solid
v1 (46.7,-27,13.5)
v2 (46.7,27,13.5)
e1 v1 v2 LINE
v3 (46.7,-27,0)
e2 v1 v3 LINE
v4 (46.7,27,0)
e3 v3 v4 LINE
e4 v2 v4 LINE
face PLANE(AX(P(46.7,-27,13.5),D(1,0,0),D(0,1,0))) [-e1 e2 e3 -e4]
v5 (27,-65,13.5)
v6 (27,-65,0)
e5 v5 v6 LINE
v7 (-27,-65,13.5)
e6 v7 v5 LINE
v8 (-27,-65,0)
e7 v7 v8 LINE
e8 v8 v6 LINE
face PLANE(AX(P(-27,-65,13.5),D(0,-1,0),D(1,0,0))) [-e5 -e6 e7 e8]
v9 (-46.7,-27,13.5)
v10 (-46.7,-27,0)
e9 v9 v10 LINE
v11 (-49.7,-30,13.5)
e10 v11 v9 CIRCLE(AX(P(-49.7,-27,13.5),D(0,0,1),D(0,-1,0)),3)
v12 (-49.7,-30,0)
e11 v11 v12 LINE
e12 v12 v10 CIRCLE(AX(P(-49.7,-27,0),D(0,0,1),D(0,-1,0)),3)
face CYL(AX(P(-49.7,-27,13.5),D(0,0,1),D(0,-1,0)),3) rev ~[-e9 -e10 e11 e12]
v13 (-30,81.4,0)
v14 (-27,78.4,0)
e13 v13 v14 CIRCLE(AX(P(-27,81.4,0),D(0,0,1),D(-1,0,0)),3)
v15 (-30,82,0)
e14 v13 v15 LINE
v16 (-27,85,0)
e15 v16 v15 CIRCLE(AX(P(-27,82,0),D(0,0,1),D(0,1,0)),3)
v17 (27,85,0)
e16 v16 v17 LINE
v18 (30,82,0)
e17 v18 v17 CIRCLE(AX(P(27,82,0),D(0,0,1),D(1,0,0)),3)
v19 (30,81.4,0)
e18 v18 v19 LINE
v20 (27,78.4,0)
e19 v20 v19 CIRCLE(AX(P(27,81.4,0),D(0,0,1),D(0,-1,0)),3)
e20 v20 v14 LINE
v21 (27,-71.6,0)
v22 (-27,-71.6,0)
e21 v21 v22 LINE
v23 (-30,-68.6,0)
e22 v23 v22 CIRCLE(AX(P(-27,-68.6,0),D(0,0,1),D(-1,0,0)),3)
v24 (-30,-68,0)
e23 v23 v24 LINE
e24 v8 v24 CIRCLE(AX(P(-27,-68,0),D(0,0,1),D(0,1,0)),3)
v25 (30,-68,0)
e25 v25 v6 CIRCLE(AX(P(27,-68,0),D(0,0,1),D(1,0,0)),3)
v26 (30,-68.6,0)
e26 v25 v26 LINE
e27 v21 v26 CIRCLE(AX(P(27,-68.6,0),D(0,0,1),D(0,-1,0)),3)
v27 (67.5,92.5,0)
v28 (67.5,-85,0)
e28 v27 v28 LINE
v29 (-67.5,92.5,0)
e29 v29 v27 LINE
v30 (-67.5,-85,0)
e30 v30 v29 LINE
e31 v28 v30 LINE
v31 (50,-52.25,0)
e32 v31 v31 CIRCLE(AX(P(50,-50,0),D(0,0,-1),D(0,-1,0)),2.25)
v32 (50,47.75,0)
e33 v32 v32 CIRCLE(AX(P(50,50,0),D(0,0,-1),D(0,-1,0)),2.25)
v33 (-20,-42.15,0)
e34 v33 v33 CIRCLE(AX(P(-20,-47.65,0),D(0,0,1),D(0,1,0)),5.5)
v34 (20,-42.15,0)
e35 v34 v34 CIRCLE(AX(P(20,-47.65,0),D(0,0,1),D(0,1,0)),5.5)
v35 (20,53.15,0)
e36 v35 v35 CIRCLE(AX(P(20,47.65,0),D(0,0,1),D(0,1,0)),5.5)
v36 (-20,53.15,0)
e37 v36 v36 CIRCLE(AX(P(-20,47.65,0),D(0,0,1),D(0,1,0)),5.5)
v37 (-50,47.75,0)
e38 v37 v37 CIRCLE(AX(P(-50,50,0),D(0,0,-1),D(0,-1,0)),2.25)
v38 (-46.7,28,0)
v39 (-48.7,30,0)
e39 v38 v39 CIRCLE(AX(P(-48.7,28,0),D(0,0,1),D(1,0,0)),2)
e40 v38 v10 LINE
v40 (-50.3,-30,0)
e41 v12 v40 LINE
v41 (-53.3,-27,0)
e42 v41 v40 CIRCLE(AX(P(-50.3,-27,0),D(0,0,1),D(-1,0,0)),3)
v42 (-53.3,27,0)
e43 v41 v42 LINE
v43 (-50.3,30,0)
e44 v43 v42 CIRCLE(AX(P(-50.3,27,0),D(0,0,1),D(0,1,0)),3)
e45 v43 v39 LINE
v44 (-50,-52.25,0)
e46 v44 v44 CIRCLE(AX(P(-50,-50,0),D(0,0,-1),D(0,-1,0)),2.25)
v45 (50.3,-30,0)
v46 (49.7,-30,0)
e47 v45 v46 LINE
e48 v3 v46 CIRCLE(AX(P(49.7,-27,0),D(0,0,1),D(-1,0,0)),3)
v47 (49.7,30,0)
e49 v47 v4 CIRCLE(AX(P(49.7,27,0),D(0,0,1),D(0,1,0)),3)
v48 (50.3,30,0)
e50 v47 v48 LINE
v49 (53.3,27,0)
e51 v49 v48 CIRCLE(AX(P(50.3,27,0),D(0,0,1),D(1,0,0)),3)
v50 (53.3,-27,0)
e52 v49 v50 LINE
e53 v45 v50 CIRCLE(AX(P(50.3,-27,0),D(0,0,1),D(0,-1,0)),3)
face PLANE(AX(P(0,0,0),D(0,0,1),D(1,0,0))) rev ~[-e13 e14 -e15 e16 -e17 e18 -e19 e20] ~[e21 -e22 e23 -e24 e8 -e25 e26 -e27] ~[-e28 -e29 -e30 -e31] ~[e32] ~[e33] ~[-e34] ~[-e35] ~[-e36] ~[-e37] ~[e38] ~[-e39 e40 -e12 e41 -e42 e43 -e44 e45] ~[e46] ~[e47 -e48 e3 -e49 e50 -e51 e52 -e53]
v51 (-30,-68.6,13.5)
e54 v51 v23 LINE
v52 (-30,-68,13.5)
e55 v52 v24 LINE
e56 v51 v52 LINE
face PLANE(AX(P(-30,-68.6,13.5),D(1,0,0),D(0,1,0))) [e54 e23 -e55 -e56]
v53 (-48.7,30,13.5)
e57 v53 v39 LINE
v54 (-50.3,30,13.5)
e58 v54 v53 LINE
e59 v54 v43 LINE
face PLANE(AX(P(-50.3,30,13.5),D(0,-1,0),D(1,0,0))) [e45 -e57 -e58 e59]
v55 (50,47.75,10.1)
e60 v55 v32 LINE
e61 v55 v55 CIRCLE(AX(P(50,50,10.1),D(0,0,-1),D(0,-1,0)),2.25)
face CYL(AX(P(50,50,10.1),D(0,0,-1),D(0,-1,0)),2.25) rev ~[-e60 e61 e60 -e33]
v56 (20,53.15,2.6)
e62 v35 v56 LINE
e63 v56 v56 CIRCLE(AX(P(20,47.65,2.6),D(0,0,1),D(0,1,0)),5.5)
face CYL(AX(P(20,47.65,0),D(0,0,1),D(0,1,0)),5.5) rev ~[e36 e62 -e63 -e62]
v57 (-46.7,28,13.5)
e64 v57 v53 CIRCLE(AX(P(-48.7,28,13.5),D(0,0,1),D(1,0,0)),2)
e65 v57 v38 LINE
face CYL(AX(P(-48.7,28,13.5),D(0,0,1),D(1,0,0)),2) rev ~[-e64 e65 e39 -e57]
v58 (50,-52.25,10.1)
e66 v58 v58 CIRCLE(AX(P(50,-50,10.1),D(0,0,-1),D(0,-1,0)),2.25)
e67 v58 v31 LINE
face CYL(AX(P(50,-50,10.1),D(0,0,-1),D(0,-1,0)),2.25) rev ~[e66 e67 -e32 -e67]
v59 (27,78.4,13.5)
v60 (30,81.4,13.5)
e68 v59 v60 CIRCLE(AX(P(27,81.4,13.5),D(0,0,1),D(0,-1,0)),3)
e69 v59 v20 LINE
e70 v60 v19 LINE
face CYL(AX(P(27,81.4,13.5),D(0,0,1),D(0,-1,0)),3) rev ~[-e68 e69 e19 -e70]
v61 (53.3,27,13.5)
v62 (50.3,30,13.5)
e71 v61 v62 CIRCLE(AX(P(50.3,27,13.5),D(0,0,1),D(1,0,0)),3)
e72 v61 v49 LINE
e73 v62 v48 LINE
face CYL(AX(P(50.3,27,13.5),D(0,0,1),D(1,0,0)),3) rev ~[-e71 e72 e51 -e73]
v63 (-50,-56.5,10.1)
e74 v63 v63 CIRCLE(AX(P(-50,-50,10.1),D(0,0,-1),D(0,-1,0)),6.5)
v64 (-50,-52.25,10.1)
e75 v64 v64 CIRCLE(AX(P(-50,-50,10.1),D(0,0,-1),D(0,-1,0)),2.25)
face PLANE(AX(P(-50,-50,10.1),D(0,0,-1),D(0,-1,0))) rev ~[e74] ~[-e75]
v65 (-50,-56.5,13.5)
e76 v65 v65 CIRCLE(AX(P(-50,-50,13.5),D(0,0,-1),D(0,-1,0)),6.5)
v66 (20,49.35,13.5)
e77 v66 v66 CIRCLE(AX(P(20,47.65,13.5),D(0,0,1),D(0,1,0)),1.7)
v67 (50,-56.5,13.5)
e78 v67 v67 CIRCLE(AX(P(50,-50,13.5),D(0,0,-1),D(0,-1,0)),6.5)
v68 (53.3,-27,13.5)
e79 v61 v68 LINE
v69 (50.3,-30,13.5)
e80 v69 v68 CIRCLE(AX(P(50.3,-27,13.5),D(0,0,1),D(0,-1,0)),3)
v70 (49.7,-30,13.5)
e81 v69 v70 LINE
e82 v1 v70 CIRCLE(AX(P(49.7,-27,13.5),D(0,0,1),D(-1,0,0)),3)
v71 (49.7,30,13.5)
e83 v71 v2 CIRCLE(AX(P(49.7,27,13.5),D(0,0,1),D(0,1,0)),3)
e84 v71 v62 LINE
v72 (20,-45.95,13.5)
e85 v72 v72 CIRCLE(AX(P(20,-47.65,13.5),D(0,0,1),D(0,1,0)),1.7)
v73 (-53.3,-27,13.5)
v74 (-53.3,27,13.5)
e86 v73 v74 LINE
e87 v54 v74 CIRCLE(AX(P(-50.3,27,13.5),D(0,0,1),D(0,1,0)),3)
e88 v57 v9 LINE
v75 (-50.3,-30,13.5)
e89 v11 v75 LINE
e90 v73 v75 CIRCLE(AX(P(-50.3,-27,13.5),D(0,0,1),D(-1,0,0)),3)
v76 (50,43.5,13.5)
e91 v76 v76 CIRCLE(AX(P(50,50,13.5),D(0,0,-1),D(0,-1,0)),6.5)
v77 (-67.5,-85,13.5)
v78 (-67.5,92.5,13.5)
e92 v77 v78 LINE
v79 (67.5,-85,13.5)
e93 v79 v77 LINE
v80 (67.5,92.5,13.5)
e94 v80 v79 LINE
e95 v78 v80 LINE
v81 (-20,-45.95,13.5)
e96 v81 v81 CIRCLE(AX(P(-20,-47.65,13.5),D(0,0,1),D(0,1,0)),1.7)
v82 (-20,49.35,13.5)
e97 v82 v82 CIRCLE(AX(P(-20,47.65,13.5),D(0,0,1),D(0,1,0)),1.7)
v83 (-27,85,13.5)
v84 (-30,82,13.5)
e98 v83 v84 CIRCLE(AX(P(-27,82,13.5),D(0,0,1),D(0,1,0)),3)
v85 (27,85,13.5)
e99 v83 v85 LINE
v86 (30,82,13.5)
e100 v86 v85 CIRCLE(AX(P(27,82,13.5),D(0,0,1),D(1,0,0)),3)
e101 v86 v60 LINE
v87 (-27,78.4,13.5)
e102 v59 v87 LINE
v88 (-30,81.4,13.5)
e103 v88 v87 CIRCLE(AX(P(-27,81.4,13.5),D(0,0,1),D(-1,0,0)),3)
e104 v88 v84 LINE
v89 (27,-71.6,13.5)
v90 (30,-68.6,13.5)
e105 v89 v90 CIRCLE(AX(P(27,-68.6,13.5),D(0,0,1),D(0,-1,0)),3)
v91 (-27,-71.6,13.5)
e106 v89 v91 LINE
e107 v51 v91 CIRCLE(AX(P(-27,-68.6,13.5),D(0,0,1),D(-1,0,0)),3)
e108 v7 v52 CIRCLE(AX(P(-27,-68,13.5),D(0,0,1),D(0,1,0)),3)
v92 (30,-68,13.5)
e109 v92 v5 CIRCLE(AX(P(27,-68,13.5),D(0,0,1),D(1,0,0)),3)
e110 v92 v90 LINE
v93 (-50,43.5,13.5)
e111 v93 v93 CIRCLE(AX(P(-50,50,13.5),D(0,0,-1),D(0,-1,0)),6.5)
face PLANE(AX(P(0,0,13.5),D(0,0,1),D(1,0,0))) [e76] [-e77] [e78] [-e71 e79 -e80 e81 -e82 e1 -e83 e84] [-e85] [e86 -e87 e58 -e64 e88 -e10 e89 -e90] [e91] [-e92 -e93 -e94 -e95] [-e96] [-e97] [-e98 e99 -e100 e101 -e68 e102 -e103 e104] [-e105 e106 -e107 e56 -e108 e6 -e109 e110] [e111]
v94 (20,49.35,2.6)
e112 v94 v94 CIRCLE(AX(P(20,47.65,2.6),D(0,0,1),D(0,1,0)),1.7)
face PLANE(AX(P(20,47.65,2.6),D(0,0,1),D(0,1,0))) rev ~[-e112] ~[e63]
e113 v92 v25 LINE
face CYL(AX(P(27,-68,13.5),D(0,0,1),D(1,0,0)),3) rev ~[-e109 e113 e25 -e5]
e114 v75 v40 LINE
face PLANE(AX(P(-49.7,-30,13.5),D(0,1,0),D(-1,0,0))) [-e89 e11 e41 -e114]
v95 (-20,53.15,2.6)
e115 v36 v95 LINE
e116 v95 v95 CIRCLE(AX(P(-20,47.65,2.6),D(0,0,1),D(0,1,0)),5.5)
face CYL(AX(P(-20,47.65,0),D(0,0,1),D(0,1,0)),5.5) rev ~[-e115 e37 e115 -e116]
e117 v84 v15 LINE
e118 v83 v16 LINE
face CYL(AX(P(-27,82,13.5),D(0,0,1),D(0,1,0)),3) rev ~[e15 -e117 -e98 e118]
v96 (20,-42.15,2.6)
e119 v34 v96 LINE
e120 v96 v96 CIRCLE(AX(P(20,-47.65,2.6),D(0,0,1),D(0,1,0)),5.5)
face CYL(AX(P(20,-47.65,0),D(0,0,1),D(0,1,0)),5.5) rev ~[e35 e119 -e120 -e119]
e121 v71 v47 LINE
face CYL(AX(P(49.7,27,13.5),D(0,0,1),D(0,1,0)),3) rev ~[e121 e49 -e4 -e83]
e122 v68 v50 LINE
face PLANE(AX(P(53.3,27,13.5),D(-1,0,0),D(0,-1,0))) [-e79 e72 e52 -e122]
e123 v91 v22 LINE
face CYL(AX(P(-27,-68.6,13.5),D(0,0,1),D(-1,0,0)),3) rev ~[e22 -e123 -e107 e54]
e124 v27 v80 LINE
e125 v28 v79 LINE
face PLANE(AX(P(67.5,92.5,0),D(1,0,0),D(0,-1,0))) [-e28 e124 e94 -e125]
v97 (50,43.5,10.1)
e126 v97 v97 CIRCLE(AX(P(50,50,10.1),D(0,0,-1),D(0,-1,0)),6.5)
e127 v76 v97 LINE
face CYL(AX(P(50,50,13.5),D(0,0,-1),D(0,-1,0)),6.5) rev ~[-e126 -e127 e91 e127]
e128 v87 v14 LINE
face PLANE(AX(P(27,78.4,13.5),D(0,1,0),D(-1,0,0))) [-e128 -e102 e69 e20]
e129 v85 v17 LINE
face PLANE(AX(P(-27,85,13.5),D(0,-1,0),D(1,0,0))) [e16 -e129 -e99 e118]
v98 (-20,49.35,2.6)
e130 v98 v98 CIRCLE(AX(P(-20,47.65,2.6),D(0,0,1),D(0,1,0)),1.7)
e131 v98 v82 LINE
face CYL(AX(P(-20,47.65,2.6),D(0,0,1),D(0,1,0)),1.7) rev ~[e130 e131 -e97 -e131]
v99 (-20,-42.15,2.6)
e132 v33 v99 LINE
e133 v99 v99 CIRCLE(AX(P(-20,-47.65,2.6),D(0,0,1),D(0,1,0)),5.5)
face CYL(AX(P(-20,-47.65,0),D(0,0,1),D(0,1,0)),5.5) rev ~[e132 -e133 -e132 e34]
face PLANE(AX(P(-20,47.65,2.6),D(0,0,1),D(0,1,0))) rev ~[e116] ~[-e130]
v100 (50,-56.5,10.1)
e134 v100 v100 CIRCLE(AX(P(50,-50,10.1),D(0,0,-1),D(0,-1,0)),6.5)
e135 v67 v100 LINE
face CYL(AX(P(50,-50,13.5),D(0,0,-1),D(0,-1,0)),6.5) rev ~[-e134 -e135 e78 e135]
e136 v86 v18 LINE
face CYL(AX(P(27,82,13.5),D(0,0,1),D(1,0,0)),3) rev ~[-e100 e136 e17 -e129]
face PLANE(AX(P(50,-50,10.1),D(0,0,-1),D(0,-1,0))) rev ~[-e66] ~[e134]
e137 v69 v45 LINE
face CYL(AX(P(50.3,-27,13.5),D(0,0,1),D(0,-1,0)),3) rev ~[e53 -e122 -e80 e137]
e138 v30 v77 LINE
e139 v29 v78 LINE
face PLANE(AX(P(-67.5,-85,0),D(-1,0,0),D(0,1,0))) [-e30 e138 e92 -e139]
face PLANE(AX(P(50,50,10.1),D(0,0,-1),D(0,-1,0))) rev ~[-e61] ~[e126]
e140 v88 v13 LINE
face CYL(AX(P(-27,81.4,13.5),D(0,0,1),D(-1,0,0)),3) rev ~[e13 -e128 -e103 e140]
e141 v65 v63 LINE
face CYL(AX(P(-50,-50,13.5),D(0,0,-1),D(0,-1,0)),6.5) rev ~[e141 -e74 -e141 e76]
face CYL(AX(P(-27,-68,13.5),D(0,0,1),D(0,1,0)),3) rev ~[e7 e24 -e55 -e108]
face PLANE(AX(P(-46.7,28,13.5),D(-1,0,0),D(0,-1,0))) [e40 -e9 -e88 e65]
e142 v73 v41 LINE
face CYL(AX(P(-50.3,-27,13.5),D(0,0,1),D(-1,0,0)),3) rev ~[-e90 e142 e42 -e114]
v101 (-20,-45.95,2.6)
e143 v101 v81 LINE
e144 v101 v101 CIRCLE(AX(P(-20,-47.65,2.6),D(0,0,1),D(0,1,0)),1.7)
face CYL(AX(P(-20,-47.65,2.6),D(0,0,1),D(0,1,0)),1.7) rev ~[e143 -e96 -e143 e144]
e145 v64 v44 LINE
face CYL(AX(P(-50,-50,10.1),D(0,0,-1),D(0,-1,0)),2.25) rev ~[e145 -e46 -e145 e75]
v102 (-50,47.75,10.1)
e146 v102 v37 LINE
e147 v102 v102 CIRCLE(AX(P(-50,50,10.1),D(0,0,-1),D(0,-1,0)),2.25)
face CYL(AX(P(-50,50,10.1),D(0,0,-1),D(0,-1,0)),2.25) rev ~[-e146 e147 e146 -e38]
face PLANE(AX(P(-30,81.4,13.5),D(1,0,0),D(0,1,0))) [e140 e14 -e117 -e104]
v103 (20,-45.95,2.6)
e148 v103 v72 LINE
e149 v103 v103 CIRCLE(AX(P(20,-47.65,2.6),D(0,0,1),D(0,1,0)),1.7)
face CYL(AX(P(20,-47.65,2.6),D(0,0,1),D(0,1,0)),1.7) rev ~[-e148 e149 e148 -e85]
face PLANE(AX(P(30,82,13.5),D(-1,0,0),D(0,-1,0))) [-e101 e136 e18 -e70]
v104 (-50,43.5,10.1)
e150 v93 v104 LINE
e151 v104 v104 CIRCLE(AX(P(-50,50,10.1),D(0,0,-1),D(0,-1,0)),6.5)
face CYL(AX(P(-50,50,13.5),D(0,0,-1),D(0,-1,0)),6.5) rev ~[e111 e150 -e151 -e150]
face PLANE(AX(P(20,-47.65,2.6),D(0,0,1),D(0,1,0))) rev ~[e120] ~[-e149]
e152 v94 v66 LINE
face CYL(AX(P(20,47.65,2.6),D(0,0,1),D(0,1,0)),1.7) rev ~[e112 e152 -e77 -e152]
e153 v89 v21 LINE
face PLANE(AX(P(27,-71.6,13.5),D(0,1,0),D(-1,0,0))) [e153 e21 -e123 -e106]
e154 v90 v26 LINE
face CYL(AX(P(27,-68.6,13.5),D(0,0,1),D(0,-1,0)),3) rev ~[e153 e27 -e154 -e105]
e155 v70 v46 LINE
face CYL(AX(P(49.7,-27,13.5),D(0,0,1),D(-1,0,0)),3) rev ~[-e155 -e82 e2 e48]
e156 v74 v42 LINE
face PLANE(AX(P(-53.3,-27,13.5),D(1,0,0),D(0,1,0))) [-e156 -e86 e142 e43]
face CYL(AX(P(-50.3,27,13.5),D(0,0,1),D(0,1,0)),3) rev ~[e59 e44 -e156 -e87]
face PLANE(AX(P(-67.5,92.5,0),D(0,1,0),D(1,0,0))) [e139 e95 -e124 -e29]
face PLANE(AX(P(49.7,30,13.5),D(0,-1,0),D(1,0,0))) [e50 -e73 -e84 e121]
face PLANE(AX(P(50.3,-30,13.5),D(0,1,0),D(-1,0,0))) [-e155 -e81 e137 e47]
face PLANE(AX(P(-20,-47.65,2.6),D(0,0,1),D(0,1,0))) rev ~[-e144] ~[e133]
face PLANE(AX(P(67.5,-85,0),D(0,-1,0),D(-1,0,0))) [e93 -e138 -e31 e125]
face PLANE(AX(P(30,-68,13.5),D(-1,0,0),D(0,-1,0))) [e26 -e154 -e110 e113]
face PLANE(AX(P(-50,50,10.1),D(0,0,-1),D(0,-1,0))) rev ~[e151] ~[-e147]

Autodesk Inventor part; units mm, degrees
ref_plane "YZ Plane" through (0, 0, 0) normal (1, 0, 0) x (0, 1, 0)
ref_plane "XZ Plane" through (0, 0, 0) normal (0, 1, 0) x (-1, 0, 0)
ref_plane "XY Plane" through (0, 0, 0) normal (0, 0, 1) x (1, 0, 0)
sketch "Sketch2" plane through (0, 0, 0) normal (0, 0, 1) x (1, 0, 0)
  line L0 (-42.5, 62.5) -> (42.5, 62.5)
  line L1 (42.5, 62.5) -> (42.5, -62.5)
  line L2 (42.5, -62.5) -> (-42.5, -62.5)
  line L3 (-42.5, -62.5) -> (-42.5, 62.5)
  line L4 (-67.5, 92.5) -> (67.5, 92.5)
  line L5 (67.5, 92.5) -> (67.5, -85)
  line L6 (67.5, -85) -> (-67.5, -85)
  line L7 (-67.5, -85) -> (-67.5, 92.5)
  point P0 (0, 0)
  dimension "d16" = 125
  dimension "d17" = 62.5
  dimension "d18" = 85
  dimension "d19" = 42.5
  dimension "d20" = 25
  dimension "d21" = 25
  dimension "d23" = 22.5
  dimension "d75" = 30
extrude "flash4base" add sketch "Sketch2" along normal blind 13.5 contours L0 L1 L2 L3 | L4 L5 L6 L7
sketch "Sketch3" plane through (0, 0, 0) normal (0, 0, -1) x (-1, 0, 0)
  point P0 (0, 0)
  point P1 (-20, 47.65)
  point P2 (20, 47.65)
  point P3 (-20, -47.65)
  point P4 (20, -47.65)
  dimension "d26" = 40
  dimension "d27" = 20
  dimension "d28" = 95.3
  dimension "d29" = 47.65
hole "flash4mountingholes" at (20, 47.65, 0) at (-20, 47.65, 0) at (20, -47.65, 0) at (-20, -47.65, 0) direction (0, 0, 1) diameter 3.4 end through all counterbore diameter 11 counterbore depth 2.6 clearance for "Hex Head Cap Screw ISO 24017" size "M3" standard "ISO"
sketch "Sketch4" plane through (0, 0, 13.5) normal (0, 0, 1) x (1, 0, 0)
  point P0 (0, 0)
  point P1 (50, -50)
  point P2 (-50, -50)
  point P3 (50, 50)
  point P4 (-50, 50)
  dimension "d37" = 100
  dimension "d38" = 50
  dimension "d39" = 100
  dimension "d56" = 50
hole "mountinPostMountingHoles" at (50, -50, 13.5) at (-50, -50, 13.5) at (50, 50, 13.5) at (-50, 50, 13.5) direction (0, 0, -1) diameter 4.5 end through all counterbore diameter 13 counterbore depth 3.4 clearance for "Hex Head Cap Screw ISO 24017" size "M4" standard "ISO"
sketch "Sketch5" plane through (0, 0, 13.5) normal (0, 0, 1) x (1, 0, 0)
  line L0 (-50.3, 30) -> (-48.7, 30)
  line L1 (-46.7, 28) -> (-46.7, -27)
  line L2 (-49.7, -30) -> (-50.3, -30)
  line L3 (-53.3, -27) -> (-53.3, 27)
  line L4 (49.7, 30) -> (50.3, 30)
  line L5 (53.3, 27) -> (53.3, -27)
  line L6 (50.3, -30) -> (49.7, -30)
  line L7 (46.7, -27) -> (46.7, 27)
  arc A0 (-46.7, 28) -> (-48.7, 30) centre (-48.7, 28) ccw
  arc A1 (-50.3, 30) -> (-53.3, 27) centre (-50.3, 27) ccw
  arc A2 (-53.3, -27) -> (-50.3, -30) centre (-50.3, -27) ccw
  arc A3 (-49.7, -30) -> (-46.7, -27) centre (-49.7, -27) ccw
  arc A4 (46.7, -27) -> (49.7, -30) centre (49.7, -27) ccw
  arc A5 (50.3, -30) -> (53.3, -27) centre (50.3, -27) ccw
  arc A6 (49.7, 30) -> (46.7, 27) centre (49.7, 27) ccw
  arc A7 (53.3, 27) -> (50.3, 30) centre (50.3, 27) ccw
  line L8 (-27, 85) -> (27, 85)
  line L9 (30, 82) -> (30, 81.4)
  line L10 (27, 78.4) -> (-27, 78.4)
  line L11 (-30, 81.4) -> (-30, 82)
  line L12 (-27, -65) -> (27, -65)
  line L13 (30, -68) -> (30, -68.6)
  line L14 (27, -71.6) -> (-27, -71.6)
  line L15 (-30, -68.6) -> (-30, -68)
  arc A8 (-27, 85) -> (-30, 82) centre (-27, 82) ccw
  arc A9 (-30, 81.4) -> (-27, 78.4) centre (-27, 81.4) ccw
  arc A10 (30, 82) -> (27, 85) centre (27, 82) ccw
  arc A11 (27, 78.4) -> (30, 81.4) centre (27, 81.4) ccw
  arc A12 (-27, -65) -> (-30, -68) centre (-27, -68) ccw
  arc A13 (-30, -68.6) -> (-27, -71.6) centre (-27, -68.6) ccw
  arc A14 (30, -68) -> (27, -65) centre (27, -68) ccw
  arc A15 (27, -71.6) -> (30, -68.6) centre (27, -68.6) ccw
  point P0 (0, 0)
  point P1 (46.7, 30)
  point P2 (53.3, 30)
  point P3 (-30, -71.6)
  dimension "d48" = 6.6
  dimension "d50" = 6.6
  dimension "d52" = 30
  dimension "d53" = 30
  dimension "d54" = 30
  dimension "d55" = 30
  dimension "d57" = 2
  dimension "d58" = 3
  dimension "d59" = 3
  dimension "d62" = 6.6
  dimension "d63" = 6.6
  dimension "d64" = 30
  dimension "d65" = 30
  dimension "d66" = 30
  dimension "d67" = 30
  dimension "d70" = 3
  dimension "d71" = 93.4
  dimension "d72" = 46.7
  dimension "d73" = 143.4
  dimension "d74" = 65
extrude "m6Alignment" cut sketch "Sketch5" against normal through all
equation "\"d17\" = 0.5 * d16"
equation "\"d19\" = 0.5 * d18"
equation "\"d27\" = 0.5 * d26"
equation "\"d29\" = 0.5 * d28"
equation "\"d38\" = 0.5 * d37"
equation "\"d56\" = 0.5 * d39"
equation "\"d53\" = d52"
equation "\"d54\" = d52"
equation "\"d55\" = d54"
equation "\"d62\" = d50"
equation "\"d63\" = d50"
equation "\"d64\" = d52"
equation "\"d65\" = d64"
equation "\"d66\" = d65"
equation "\"d67\" = d64"
equation "\"d72\" = 0.5 * d71"
equation "\"d10\" = 125"
equation "\"d11\" = 7"
equation "\"d12\" = 4"
properties part number "sCMOSmountingBase"
